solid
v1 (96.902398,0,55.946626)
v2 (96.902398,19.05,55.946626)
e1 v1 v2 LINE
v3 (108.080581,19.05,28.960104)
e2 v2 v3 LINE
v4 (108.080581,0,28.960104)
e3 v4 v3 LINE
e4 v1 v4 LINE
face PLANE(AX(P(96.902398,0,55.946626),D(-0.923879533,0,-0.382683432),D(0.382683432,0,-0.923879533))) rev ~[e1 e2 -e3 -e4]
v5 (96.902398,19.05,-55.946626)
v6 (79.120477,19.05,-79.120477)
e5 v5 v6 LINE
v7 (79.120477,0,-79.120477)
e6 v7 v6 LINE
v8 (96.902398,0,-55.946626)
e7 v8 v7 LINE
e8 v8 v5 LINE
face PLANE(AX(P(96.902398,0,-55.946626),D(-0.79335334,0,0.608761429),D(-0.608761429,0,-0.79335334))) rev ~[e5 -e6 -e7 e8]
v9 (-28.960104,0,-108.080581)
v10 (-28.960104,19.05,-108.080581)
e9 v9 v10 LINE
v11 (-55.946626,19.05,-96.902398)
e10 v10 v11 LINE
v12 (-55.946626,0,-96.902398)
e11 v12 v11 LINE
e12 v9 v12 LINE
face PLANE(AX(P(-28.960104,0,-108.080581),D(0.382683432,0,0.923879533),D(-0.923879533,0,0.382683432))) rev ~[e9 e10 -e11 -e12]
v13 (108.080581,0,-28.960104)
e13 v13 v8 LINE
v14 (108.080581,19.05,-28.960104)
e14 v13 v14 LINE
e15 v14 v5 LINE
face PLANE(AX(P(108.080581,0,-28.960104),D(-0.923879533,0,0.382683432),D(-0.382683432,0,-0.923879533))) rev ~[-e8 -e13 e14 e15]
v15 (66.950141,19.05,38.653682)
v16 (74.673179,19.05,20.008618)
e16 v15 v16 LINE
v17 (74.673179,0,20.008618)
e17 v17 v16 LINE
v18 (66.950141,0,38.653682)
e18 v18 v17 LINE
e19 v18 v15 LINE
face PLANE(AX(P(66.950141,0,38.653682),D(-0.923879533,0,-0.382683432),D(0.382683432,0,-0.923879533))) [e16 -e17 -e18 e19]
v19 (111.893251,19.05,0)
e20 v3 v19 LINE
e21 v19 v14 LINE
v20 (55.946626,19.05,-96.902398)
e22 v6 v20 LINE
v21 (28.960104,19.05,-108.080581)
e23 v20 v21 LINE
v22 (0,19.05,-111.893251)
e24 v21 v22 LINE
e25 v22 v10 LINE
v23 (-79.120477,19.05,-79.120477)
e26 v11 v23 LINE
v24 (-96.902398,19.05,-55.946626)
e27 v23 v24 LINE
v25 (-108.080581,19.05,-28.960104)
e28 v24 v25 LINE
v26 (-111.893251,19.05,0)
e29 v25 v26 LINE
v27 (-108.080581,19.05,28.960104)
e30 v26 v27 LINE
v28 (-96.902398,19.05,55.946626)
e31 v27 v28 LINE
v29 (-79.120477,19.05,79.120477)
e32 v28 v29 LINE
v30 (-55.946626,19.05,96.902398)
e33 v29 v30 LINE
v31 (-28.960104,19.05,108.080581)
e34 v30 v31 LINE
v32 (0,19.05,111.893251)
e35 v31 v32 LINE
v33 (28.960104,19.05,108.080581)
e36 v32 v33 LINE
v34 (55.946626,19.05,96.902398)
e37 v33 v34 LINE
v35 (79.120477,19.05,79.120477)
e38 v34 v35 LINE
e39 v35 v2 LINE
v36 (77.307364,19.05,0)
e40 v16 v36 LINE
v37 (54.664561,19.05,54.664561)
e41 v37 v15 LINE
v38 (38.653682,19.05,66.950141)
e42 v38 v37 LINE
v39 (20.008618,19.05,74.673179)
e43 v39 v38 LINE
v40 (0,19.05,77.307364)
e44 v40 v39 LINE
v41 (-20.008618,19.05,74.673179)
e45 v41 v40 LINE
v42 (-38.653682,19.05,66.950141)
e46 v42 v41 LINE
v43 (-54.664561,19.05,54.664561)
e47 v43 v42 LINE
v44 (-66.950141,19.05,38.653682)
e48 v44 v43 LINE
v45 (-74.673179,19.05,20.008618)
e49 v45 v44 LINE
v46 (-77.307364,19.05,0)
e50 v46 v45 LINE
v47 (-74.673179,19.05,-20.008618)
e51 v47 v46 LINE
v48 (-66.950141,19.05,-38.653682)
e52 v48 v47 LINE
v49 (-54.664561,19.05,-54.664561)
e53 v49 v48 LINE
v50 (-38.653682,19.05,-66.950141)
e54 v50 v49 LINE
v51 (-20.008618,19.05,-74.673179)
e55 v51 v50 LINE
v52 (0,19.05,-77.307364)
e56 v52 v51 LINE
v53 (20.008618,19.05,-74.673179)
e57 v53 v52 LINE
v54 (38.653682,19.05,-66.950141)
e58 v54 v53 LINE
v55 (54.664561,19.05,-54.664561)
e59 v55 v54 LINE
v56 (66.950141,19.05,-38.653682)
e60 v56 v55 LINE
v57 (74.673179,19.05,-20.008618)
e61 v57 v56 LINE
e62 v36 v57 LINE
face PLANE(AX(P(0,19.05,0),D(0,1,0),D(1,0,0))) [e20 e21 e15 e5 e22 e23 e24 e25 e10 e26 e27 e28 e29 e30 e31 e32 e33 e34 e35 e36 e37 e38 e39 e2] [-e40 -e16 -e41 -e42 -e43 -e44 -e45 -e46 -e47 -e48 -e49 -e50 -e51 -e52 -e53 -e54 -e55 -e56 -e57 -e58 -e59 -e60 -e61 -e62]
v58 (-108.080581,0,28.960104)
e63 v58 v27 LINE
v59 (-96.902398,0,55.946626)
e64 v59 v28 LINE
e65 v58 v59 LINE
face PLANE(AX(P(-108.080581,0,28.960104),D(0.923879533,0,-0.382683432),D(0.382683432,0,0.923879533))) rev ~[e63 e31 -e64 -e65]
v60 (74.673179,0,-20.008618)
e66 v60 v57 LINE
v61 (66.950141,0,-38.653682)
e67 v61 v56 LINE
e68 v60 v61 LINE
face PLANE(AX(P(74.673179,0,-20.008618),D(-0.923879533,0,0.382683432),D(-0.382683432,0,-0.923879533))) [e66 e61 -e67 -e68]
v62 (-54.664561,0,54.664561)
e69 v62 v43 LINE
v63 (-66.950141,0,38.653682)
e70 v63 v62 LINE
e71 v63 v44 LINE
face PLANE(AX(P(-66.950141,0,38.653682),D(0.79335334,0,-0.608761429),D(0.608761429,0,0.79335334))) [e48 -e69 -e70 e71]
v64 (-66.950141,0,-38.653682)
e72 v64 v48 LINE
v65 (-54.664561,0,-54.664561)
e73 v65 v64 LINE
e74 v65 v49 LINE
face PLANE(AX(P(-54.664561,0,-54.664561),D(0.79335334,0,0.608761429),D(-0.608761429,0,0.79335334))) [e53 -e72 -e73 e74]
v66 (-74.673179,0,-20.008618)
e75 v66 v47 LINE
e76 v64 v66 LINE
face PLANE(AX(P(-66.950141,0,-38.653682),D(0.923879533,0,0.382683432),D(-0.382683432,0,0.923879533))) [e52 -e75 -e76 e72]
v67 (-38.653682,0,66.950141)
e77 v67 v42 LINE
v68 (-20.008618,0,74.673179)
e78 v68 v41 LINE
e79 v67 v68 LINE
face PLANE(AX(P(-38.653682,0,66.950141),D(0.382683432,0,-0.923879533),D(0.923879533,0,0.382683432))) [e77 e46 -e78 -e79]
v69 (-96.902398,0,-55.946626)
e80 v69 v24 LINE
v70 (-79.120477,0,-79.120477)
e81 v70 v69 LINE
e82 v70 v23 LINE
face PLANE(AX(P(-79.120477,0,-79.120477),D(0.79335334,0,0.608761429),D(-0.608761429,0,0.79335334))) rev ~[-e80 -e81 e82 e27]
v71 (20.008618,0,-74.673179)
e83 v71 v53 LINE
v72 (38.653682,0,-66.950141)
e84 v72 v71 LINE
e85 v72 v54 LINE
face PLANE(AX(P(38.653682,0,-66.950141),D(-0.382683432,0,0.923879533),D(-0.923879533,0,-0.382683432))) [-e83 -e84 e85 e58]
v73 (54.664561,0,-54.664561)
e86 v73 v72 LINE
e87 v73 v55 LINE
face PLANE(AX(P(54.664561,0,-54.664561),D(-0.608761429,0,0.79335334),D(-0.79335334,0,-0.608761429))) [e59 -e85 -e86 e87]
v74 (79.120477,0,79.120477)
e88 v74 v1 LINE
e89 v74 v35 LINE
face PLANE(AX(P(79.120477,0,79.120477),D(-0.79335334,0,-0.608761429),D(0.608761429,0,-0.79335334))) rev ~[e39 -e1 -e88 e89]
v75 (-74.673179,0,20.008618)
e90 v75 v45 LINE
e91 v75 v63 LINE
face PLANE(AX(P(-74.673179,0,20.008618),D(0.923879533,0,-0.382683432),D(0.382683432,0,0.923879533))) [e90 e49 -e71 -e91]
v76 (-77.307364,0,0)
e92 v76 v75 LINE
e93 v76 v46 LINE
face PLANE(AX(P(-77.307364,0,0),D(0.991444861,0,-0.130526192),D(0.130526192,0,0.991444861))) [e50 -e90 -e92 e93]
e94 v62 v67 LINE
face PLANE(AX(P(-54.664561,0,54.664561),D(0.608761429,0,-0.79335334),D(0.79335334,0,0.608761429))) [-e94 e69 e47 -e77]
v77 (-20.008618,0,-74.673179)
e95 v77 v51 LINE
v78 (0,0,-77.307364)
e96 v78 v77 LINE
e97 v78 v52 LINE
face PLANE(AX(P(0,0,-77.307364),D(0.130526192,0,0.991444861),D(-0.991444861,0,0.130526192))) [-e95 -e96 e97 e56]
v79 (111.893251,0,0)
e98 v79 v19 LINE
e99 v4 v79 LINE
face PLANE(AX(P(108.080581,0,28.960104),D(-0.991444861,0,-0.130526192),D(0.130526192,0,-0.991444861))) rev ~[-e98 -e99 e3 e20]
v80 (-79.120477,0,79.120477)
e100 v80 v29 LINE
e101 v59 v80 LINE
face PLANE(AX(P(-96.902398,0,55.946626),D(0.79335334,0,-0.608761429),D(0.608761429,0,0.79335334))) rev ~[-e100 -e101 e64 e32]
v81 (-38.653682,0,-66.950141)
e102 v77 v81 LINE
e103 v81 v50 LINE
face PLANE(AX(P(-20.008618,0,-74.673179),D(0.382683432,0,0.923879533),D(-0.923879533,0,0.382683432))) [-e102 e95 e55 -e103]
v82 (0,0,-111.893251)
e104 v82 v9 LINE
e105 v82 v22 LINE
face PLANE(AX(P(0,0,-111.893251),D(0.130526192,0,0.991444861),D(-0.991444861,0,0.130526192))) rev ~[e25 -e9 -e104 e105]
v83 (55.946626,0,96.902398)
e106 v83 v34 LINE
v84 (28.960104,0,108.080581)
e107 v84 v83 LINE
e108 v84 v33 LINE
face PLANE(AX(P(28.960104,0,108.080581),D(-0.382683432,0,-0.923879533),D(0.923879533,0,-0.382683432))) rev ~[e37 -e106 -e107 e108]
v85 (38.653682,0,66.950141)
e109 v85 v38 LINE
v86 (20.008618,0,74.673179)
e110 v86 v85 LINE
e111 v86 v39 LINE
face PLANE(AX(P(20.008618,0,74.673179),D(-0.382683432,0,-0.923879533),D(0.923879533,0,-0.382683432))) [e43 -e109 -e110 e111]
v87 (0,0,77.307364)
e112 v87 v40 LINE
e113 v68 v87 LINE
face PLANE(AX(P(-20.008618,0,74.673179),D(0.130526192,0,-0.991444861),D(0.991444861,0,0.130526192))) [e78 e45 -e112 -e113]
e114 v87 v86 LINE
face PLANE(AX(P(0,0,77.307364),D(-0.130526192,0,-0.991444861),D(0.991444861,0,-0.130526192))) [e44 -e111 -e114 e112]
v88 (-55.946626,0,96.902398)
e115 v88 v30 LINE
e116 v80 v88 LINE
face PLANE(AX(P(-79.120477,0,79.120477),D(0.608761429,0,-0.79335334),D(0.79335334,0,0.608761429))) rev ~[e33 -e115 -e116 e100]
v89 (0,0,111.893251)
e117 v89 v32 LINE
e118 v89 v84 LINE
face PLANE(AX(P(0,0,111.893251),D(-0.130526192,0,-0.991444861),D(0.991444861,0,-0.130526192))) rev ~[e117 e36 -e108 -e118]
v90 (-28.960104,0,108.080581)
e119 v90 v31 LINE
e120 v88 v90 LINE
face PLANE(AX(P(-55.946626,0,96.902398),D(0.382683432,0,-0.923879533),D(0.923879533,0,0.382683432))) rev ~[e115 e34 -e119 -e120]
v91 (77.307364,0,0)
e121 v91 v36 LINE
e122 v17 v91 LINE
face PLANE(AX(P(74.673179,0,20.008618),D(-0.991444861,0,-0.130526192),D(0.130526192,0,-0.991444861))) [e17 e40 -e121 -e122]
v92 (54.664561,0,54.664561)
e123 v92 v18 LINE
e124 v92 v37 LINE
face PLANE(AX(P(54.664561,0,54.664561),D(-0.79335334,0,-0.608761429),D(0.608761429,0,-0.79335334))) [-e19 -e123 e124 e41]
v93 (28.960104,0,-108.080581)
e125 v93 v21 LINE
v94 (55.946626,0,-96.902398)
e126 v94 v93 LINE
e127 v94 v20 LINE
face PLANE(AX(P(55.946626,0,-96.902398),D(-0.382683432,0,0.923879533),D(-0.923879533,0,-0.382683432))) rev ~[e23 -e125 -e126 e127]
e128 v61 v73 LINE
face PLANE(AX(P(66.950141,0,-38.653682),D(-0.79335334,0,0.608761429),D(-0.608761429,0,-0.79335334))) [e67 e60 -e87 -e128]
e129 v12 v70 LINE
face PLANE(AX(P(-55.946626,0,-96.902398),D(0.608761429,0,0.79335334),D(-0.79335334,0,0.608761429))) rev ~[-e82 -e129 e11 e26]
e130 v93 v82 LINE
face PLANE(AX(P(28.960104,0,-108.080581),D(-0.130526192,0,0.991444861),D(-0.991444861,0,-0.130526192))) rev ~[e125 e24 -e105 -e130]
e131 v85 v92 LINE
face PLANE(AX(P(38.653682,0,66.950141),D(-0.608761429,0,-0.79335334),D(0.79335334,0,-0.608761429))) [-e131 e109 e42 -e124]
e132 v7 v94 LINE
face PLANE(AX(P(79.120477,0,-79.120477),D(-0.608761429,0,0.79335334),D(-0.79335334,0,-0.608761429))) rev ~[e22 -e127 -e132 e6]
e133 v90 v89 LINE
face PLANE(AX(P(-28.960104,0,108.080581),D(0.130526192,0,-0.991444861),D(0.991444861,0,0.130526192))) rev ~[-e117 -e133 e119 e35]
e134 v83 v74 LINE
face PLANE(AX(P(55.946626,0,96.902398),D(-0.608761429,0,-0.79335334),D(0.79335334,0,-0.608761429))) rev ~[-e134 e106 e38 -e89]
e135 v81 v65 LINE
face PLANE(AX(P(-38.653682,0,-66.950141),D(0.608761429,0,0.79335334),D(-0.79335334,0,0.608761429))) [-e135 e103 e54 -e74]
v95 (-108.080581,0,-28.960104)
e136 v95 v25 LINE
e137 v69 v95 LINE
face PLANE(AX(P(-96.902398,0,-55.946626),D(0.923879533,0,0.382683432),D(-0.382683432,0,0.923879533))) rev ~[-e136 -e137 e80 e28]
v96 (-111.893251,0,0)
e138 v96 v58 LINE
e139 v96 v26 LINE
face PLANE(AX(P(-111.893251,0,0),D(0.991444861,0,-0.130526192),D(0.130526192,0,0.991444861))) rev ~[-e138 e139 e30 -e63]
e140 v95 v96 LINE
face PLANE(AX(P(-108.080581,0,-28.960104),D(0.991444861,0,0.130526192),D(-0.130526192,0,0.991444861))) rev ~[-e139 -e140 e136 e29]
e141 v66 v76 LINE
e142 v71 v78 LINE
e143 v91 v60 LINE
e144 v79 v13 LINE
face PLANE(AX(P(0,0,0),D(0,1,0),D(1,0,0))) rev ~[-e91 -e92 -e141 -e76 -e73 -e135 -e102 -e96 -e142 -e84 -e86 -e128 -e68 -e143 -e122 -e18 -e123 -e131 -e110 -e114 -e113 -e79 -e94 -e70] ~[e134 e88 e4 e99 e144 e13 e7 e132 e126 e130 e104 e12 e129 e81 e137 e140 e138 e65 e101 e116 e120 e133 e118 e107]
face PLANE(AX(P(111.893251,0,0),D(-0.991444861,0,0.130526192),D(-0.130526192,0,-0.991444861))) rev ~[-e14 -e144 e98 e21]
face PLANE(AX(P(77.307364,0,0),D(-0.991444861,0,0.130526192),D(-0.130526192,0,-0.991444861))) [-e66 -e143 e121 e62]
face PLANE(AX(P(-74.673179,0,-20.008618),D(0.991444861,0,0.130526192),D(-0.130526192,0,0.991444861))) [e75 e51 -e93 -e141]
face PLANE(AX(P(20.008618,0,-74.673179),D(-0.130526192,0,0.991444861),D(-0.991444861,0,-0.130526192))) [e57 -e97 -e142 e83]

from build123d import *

# Parameters (mm, degrees)
BOSS_EXTRUDE1_DEPTH = 19.05


with BuildPart() as part:
    # Sketch1 → Boss-Extrude1 (new body)
    with BuildSketch(Plane(origin=(0, 0, 0), x_dir=(1, 0, 0), z_dir=(0, 1, 0))):
        Polygon((-111.893251091, 0), (-108.080581016, -28.960104401), (-96.902397957, -55.946625545), (-79.120476615, -79.120476615), (-55.946625545, -96.902397957), (-28.960104401, -108.080581016), (0, -111.893251091), (28.960104401, -108.080581016), (55.946625545, -96.902397957), (79.120476615, -79.120476615), (96.902397957, -55.946625545), (108.080581016, -28.960104401), (111.893251091, 0), (108.080581016, 28.960104401), (96.902397957, 55.946625545), (79.120476615, 79.120476615), (55.946625545, 96.902397957), (28.960104401, 108.080581016), (0, 111.893251091), (-28.960104401, 108.080581016), (-55.946625545, 96.902397957), (-79.120476615, 79.120476615), (-96.902397957, 55.946625545), (-108.080581016, 28.960104401), align=None)
        Polygon((77.307364032, 0), (74.673179481, 20.008618138), (66.950141152, 38.653682016), (54.664561343, 54.664561343), (38.653682016, 66.950141152), (20.008618138, 74.673179481), (0, 77.307364032), (-20.008618138, 74.673179481), (-38.653682016, 66.950141152), (-54.664561343, 54.664561343), (-66.950141152, 38.653682016), (-74.673179481, 20.008618138), (-77.307364032, 0), (-74.673179481, -20.008618138), (-66.950141152, -38.653682016), (-54.664561343, -54.664561343), (-38.653682016, -66.950141152), (-20.008618138, -74.673179481), (0, -77.307364032), (20.008618138, -74.673179481), (38.653682016, -66.950141152), (54.664561343, -54.664561343), (66.950141152, -38.653682016), (74.673179481, -20.008618138), align=None, mode=Mode.SUBTRACT)
    extrude(amount=BOSS_EXTRUDE1_DEPTH)


solid = part.part
